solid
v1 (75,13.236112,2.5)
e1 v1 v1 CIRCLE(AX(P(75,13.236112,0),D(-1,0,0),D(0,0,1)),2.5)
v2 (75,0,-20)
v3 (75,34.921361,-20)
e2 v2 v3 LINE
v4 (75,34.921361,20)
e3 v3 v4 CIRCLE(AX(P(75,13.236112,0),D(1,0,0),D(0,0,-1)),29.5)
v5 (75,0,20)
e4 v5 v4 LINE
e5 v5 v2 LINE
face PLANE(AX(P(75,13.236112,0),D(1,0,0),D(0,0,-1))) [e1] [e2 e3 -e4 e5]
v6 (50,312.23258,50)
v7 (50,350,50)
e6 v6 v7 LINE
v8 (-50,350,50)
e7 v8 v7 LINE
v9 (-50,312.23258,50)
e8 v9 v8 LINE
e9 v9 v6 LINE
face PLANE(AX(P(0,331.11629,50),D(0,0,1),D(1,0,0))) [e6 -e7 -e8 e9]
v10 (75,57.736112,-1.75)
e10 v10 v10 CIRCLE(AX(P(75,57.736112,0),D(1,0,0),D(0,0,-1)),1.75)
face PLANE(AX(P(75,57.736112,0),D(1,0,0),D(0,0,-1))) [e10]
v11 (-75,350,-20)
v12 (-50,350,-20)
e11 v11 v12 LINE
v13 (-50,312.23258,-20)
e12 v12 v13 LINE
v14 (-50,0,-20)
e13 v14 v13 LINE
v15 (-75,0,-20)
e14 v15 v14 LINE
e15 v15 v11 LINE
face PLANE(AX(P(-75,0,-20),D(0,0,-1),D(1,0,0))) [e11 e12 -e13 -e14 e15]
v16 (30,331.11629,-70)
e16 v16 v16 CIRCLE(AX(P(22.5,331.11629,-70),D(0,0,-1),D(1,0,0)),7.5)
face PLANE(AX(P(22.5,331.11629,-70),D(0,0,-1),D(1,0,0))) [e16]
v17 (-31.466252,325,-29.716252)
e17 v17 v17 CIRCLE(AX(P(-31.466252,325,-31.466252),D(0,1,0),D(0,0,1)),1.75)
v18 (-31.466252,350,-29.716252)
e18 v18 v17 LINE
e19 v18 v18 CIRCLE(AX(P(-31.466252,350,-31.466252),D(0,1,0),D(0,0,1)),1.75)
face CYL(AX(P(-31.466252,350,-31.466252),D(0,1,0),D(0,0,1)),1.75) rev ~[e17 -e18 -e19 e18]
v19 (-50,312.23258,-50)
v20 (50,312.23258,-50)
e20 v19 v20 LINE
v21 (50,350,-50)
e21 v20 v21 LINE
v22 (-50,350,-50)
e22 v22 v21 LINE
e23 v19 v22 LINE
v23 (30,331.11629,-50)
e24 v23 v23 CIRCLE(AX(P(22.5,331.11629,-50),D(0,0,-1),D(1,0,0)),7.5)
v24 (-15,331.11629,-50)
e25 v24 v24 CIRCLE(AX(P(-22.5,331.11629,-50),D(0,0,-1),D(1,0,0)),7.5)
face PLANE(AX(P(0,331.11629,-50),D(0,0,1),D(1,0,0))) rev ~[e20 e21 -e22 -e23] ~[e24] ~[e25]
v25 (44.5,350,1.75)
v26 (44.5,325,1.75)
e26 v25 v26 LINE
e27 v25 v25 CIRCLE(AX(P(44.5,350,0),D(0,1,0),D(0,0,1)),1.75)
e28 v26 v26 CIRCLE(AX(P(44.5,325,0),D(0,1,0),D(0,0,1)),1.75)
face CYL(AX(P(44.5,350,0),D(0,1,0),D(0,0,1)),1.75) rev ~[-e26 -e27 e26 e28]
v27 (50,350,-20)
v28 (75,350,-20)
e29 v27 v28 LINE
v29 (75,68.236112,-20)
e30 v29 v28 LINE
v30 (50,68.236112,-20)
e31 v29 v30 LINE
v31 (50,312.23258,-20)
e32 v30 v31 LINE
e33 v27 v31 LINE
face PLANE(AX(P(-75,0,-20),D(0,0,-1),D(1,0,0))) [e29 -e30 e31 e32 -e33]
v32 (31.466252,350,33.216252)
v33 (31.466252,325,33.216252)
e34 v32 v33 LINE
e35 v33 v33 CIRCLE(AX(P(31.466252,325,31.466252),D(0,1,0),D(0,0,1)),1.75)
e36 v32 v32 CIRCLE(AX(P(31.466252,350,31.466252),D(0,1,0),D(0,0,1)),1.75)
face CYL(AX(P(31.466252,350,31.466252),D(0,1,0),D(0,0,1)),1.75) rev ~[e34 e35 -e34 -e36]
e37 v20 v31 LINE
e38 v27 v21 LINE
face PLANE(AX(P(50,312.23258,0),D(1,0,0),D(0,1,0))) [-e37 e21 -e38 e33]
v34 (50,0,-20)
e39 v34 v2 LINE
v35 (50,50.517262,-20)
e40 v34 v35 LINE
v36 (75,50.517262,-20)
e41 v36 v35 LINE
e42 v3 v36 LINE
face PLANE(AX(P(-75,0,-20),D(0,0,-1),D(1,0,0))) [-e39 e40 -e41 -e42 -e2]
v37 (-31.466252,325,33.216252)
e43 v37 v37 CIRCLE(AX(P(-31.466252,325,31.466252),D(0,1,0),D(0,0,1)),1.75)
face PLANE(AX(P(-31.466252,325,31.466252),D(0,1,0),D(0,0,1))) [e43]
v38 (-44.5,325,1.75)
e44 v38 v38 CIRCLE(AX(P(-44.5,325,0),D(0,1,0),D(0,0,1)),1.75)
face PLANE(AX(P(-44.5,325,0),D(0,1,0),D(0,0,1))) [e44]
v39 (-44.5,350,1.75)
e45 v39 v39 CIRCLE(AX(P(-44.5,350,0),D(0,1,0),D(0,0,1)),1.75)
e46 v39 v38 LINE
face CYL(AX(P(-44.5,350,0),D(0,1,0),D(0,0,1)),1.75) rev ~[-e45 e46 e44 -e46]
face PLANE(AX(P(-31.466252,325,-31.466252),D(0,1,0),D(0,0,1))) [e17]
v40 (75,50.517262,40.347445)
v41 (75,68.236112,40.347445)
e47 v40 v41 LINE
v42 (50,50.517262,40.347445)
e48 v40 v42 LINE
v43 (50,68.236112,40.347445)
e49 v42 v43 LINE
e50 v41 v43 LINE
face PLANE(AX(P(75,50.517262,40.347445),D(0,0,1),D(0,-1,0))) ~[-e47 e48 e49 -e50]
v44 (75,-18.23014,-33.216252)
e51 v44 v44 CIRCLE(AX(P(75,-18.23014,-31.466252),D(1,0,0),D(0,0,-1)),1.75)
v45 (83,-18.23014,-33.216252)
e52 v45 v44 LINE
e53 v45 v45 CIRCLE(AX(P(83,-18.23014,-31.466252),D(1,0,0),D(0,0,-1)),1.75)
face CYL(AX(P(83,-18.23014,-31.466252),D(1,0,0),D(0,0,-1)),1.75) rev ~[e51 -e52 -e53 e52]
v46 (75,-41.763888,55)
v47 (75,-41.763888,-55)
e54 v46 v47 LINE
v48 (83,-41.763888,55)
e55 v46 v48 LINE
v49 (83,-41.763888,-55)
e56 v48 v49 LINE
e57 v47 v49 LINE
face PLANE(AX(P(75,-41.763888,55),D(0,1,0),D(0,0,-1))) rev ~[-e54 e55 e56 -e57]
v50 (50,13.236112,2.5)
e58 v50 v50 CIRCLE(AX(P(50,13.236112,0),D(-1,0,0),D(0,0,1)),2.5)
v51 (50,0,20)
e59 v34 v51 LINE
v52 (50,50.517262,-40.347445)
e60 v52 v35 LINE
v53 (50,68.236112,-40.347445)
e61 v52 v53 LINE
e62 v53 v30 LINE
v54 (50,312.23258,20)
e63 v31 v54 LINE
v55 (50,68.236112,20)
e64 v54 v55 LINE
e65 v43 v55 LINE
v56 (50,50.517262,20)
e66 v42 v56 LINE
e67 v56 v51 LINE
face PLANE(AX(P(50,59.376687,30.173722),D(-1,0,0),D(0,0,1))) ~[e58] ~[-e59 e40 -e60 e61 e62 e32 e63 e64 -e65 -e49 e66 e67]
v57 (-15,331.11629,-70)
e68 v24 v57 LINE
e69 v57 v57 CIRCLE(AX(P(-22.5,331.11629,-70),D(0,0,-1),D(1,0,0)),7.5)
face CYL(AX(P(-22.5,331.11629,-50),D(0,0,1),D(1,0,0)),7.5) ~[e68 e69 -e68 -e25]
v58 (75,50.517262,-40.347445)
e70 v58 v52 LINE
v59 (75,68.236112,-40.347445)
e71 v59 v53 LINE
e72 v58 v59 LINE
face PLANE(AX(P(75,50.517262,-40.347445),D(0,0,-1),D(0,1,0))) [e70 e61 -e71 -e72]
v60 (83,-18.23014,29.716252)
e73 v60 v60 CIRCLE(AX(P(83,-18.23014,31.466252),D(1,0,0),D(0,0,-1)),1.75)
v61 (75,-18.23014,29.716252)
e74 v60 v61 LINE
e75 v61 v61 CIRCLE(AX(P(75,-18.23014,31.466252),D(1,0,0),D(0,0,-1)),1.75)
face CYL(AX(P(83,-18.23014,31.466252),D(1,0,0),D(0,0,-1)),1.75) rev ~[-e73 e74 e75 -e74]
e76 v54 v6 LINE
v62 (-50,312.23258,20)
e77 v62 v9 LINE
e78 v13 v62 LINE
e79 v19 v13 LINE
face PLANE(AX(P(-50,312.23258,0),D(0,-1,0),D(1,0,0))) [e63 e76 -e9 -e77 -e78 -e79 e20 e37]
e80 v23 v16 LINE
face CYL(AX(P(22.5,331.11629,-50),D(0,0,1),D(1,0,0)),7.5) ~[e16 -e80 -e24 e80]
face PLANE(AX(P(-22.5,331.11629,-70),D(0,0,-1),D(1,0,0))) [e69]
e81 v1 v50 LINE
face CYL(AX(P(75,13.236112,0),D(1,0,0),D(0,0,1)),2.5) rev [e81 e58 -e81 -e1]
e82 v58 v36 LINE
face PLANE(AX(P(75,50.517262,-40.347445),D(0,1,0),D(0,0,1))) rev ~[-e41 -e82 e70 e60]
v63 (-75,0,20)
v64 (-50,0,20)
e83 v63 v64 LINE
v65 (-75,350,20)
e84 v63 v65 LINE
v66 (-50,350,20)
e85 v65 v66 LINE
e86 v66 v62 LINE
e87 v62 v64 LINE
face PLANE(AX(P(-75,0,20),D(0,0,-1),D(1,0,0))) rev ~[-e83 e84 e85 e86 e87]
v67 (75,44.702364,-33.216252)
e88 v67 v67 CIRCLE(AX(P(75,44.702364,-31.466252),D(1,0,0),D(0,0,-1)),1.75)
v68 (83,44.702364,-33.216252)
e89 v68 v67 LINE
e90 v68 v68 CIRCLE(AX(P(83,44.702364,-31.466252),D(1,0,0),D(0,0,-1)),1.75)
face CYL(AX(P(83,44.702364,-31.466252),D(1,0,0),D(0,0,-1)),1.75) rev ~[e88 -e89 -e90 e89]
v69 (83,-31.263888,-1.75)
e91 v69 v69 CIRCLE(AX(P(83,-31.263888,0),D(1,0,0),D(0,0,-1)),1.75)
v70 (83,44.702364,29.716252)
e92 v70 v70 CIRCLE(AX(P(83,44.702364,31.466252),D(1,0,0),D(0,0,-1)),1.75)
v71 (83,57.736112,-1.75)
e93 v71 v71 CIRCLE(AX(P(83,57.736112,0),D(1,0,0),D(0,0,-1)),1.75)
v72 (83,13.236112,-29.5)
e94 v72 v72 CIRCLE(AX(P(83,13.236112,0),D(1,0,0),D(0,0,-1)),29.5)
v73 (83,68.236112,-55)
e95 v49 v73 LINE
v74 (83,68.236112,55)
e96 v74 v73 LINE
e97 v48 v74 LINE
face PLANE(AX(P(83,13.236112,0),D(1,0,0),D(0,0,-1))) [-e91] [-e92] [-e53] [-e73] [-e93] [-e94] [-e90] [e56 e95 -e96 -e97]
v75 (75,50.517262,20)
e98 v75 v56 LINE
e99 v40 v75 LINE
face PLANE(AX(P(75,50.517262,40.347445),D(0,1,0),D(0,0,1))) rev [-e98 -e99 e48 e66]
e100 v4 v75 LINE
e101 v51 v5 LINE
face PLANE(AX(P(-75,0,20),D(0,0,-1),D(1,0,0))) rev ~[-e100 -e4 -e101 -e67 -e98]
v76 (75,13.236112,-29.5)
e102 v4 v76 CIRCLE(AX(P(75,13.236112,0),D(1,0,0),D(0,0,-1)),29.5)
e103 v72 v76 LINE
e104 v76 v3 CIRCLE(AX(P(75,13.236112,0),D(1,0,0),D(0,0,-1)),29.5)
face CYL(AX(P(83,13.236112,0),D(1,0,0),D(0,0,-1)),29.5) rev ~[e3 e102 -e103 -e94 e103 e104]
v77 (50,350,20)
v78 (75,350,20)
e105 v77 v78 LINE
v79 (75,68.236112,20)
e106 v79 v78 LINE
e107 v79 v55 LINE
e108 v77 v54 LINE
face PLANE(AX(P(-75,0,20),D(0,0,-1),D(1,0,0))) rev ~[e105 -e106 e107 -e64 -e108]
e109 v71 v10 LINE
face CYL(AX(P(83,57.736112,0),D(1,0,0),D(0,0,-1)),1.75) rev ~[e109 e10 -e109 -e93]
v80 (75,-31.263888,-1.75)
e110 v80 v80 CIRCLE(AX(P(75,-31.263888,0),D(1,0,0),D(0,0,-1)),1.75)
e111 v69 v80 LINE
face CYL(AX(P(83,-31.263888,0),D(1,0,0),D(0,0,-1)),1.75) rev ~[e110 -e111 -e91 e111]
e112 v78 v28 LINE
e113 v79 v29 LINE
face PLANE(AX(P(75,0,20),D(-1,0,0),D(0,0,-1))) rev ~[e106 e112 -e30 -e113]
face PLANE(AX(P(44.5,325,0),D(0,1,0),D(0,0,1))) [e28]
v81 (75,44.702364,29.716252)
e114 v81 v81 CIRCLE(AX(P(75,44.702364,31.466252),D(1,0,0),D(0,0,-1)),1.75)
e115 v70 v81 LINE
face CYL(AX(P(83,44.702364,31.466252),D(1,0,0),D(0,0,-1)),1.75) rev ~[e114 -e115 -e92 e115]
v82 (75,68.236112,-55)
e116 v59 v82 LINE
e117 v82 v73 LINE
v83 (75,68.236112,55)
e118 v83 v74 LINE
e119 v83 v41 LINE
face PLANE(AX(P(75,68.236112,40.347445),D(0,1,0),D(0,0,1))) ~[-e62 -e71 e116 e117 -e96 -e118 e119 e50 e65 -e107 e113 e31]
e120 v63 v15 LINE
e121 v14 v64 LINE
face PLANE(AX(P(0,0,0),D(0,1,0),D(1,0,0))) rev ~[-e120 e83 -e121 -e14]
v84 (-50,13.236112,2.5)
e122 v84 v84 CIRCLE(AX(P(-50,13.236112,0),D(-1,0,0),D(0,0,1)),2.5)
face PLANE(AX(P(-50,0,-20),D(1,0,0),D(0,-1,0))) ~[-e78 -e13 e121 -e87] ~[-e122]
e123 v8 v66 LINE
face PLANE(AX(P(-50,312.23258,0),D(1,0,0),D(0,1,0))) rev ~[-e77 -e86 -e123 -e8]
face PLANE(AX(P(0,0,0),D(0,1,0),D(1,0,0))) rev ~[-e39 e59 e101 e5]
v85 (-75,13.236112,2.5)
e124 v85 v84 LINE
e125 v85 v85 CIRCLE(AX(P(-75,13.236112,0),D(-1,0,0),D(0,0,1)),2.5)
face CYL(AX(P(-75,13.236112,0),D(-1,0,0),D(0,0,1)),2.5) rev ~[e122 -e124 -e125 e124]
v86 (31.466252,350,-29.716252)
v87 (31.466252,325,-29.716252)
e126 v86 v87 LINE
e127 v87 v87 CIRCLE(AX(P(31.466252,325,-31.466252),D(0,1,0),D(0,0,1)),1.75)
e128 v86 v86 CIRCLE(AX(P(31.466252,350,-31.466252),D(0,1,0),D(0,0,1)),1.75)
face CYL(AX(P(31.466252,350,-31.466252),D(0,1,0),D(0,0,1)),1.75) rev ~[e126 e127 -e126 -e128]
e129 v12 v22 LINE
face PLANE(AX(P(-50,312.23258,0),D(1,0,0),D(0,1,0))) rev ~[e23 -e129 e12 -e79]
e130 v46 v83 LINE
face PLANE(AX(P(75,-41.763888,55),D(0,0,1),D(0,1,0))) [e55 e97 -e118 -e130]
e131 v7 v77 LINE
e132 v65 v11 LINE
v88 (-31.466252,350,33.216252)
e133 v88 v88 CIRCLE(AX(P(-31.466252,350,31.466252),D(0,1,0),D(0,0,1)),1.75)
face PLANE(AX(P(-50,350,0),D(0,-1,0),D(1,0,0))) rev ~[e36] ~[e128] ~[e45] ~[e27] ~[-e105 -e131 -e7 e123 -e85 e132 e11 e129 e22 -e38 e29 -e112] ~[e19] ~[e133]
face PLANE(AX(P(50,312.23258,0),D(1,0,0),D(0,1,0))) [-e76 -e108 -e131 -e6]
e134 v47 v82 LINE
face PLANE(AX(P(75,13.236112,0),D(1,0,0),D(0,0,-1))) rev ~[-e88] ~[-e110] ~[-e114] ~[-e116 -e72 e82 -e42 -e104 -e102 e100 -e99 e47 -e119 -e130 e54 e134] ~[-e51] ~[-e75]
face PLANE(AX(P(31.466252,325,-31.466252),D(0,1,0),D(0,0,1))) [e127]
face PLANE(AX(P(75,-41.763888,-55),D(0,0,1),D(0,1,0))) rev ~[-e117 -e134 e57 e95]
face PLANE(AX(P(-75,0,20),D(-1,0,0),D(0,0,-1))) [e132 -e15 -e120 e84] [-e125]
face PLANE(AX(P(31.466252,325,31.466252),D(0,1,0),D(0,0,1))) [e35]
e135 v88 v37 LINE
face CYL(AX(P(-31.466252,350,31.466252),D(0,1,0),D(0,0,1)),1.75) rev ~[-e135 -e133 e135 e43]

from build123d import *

# Parameters (mm, degrees)
SKETCH_1_W          = 150
SKETCH_1_H          = 40
EXTRUDE_1_DEPTH     = 350
CUT_EXTRUDE_3_REACH = 362.174
SKETCH_7_W          = 50
SKETCH_7_H          = 312.232580329
CUT_EXTRUDE_4_REACH = 383.314
SKETCH_8_R          = 2.5
EXTRUDE_START       = -20
SKETCH_12_W         = 100
SKETCH_12_H         = 37.767419671
EXTRUDE_2_DEPTH     = 50
SKETCH_14_R         = 1.75
CUT_EXTRUDE_7_DEPTH = 25
SKETCH_16_R         = 7.5
EXTRUDE_3_DEPTH     = 20
SKETCH_18_W         = 110
SKETCH_18_H         = 110
EXTRUDE_4_DEPTH     = 8
SKETCH_19_R         = 1.75
CUT_EXTRUDE_8_DEPTH = 8
SKETCH_20_R         = 29.5
CUT_EXTRUDE_9_DEPTH = 8
SKETCH_21_W         = 20.347444736
SKETCH_21_H         = 17.71885043
EXTRUDE_5_DEPTH     = 25


with BuildPart() as part:
    # 草图1 → 凸台-拉伸1 (new body)
    with BuildSketch(Plane(origin=(0, 0, 0), x_dir=(1, 0, 0), z_dir=(0, 1, 0))):
        Rectangle(SKETCH_1_W, SKETCH_1_H)
    extrude(amount=EXTRUDE_1_DEPTH)

    # 草图7 → 切除-拉伸3 (cut, up to next)
    with BuildSketch(Plane(origin=(0, 0, -20), x_dir=(-1, 0, 0), z_dir=(0, 0, -1)), mode=Mode.PRIVATE) as cut_extrude_3_sk1:
        with Locations((-25, 156.116290165)):
            Rectangle(SKETCH_7_W, SKETCH_7_H)
    cut_extrude_3_tool1 = extrude(cut_extrude_3_sk1.sketch, amount=-CUT_EXTRUDE_3_REACH, mode=Mode.PRIVATE) & part.part
    cut_extrude_3 = cut_extrude_3_tool1.solids().sort_by_distance((25, 156.11629, -20))[0]
    add(cut_extrude_3, mode=Mode.SUBTRACT)

    # 镜向2: 切除-拉伸3 across plane
    add(cut_extrude_3.mirror(Plane(origin=(0, 0, 0), x_dir=(0, 0, 1), z_dir=(1, 0, 0))), mode=Mode.SUBTRACT)

    # 草图8 → 切除-拉伸4 (cut, up to next)
    with BuildSketch(Plane.ZY.offset(75), mode=Mode.PRIVATE) as cut_extrude_4_sk1:
        with Locations((0, 13.236112216)):
            Circle(SKETCH_8_R)
    cut_extrude_4_tool1 = extrude(cut_extrude_4_sk1.sketch, amount=-CUT_EXTRUDE_4_REACH, mode=Mode.PRIVATE) & part.part
    cut_extrude_4 = cut_extrude_4_tool1.solids().sort_by_distance((-75, 13.236112, 0))[0]
    add(cut_extrude_4, mode=Mode.SUBTRACT)

    # 镜向3: 切除-拉伸4 across plane
    add(cut_extrude_4.mirror(Plane(origin=(0, 0, 0), x_dir=(0, 0, 1), z_dir=(1, 0, 0))), mode=Mode.SUBTRACT)

    # 草图12 → 凸台-拉伸2 (add, symmetric)
    with BuildSketch(Plane.XY.offset(20).offset(EXTRUDE_START)):
        with Locations((0, 331.116290165)):
            Rectangle(SKETCH_12_W, SKETCH_12_H)
    extrude(amount=EXTRUDE_2_DEPTH, both=True)

    # 草图14 → 切除-拉伸7 (cut)
    with BuildSketch(Plane(origin=(0, 350, 0), x_dir=(1, 0, 0), z_dir=(0, 1, 0))):
        with Locations(Location((-31.466251763, -31.466251763, 0), (0, 0, 270))):
            Circle(SKETCH_14_R)
        with Locations(Location((-44.5, 0, 0), (0, 0, 270))):
            Circle(SKETCH_14_R)
        with Locations(Location((-31.466251763, 31.466251763, 0), (0, 0, 270))):
            Circle(SKETCH_14_R)
        with Locations(Location((31.466251763, 31.466251763, 0), (0, 0, 270))):
            Circle(SKETCH_14_R)
        with Locations(Location((44.5, 0, 0), (0, 0, 270))):
            Circle(SKETCH_14_R)
        with Locations(Location((31.466251763, -31.466251763, 0), (0, 0, 270))):
            Circle(SKETCH_14_R)
    extrude(amount=-CUT_EXTRUDE_7_DEPTH, mode=Mode.SUBTRACT)

    # 草图16 → 凸台-拉伸3 (add)
    with BuildSketch(Plane(origin=(0, 0, -50), x_dir=(-1, 0, 0), z_dir=(0, 0, -1))):
        with Locations(Location((-22.5, 331.116290164, 0), (0, 0, 180))):
            Circle(SKETCH_16_R)
        with Locations(Location((22.5, 331.116290164, 0), (0, 0, 180))):
            Circle(SKETCH_16_R)
    extrude(amount=EXTRUDE_3_DEPTH)

    # 草图18 → 凸台-拉伸4 (add)
    with BuildSketch(Plane(origin=(75, 0, 0), x_dir=(0, 0, -1), z_dir=(1, 0, 0))):
        with Locations((0, 13.236112216)):
            Rectangle(SKETCH_18_W, SKETCH_18_H)
    extrude(amount=EXTRUDE_4_DEPTH)

    # 草图19 → 切除-拉伸8 (cut)
    with BuildSketch(Plane(origin=(83, 0, 0), x_dir=(0, 0, -1), z_dir=(1, 0, 0))):
        with Locations((0, -31.263887784)):
            Circle(SKETCH_19_R)
        with Locations((-31.466251763, -18.230139547)):
            Circle(SKETCH_19_R)
        with Locations((-31.466251763, 44.702363979)):
            Circle(SKETCH_19_R)
        with Locations((0, 57.736112216)):
            Circle(SKETCH_19_R)
        with Locations((31.466251763, 44.702363979)):
            Circle(SKETCH_19_R)
        with Locations((31.466251763, -18.230139547)):
            Circle(SKETCH_19_R)
    extrude(amount=-CUT_EXTRUDE_8_DEPTH, mode=Mode.SUBTRACT)

    # 草图20 → 切除-拉伸9 (cut)
    with BuildSketch(Plane(origin=(83, 0, 0), x_dir=(0, 0, -1), z_dir=(1, 0, 0))):
        with Locations((0, 13.236112216)):
            Circle(SKETCH_20_R)
    extrude(amount=-CUT_EXTRUDE_9_DEPTH, mode=Mode.SUBTRACT)

    # 草图21 → 凸台-拉伸5 (add)
    with BuildSketch(Plane.ZY.offset(-75)):
        with Locations((-30.173722368, 59.376687001)):
            Rectangle(SKETCH_21_W, SKETCH_21_H)
    extrude_5 = extrude(amount=EXTRUDE_5_DEPTH)

    # 镜向4: 凸台-拉伸5 across plane
    add(extrude_5.mirror(Plane.XY))


solid = part.part
